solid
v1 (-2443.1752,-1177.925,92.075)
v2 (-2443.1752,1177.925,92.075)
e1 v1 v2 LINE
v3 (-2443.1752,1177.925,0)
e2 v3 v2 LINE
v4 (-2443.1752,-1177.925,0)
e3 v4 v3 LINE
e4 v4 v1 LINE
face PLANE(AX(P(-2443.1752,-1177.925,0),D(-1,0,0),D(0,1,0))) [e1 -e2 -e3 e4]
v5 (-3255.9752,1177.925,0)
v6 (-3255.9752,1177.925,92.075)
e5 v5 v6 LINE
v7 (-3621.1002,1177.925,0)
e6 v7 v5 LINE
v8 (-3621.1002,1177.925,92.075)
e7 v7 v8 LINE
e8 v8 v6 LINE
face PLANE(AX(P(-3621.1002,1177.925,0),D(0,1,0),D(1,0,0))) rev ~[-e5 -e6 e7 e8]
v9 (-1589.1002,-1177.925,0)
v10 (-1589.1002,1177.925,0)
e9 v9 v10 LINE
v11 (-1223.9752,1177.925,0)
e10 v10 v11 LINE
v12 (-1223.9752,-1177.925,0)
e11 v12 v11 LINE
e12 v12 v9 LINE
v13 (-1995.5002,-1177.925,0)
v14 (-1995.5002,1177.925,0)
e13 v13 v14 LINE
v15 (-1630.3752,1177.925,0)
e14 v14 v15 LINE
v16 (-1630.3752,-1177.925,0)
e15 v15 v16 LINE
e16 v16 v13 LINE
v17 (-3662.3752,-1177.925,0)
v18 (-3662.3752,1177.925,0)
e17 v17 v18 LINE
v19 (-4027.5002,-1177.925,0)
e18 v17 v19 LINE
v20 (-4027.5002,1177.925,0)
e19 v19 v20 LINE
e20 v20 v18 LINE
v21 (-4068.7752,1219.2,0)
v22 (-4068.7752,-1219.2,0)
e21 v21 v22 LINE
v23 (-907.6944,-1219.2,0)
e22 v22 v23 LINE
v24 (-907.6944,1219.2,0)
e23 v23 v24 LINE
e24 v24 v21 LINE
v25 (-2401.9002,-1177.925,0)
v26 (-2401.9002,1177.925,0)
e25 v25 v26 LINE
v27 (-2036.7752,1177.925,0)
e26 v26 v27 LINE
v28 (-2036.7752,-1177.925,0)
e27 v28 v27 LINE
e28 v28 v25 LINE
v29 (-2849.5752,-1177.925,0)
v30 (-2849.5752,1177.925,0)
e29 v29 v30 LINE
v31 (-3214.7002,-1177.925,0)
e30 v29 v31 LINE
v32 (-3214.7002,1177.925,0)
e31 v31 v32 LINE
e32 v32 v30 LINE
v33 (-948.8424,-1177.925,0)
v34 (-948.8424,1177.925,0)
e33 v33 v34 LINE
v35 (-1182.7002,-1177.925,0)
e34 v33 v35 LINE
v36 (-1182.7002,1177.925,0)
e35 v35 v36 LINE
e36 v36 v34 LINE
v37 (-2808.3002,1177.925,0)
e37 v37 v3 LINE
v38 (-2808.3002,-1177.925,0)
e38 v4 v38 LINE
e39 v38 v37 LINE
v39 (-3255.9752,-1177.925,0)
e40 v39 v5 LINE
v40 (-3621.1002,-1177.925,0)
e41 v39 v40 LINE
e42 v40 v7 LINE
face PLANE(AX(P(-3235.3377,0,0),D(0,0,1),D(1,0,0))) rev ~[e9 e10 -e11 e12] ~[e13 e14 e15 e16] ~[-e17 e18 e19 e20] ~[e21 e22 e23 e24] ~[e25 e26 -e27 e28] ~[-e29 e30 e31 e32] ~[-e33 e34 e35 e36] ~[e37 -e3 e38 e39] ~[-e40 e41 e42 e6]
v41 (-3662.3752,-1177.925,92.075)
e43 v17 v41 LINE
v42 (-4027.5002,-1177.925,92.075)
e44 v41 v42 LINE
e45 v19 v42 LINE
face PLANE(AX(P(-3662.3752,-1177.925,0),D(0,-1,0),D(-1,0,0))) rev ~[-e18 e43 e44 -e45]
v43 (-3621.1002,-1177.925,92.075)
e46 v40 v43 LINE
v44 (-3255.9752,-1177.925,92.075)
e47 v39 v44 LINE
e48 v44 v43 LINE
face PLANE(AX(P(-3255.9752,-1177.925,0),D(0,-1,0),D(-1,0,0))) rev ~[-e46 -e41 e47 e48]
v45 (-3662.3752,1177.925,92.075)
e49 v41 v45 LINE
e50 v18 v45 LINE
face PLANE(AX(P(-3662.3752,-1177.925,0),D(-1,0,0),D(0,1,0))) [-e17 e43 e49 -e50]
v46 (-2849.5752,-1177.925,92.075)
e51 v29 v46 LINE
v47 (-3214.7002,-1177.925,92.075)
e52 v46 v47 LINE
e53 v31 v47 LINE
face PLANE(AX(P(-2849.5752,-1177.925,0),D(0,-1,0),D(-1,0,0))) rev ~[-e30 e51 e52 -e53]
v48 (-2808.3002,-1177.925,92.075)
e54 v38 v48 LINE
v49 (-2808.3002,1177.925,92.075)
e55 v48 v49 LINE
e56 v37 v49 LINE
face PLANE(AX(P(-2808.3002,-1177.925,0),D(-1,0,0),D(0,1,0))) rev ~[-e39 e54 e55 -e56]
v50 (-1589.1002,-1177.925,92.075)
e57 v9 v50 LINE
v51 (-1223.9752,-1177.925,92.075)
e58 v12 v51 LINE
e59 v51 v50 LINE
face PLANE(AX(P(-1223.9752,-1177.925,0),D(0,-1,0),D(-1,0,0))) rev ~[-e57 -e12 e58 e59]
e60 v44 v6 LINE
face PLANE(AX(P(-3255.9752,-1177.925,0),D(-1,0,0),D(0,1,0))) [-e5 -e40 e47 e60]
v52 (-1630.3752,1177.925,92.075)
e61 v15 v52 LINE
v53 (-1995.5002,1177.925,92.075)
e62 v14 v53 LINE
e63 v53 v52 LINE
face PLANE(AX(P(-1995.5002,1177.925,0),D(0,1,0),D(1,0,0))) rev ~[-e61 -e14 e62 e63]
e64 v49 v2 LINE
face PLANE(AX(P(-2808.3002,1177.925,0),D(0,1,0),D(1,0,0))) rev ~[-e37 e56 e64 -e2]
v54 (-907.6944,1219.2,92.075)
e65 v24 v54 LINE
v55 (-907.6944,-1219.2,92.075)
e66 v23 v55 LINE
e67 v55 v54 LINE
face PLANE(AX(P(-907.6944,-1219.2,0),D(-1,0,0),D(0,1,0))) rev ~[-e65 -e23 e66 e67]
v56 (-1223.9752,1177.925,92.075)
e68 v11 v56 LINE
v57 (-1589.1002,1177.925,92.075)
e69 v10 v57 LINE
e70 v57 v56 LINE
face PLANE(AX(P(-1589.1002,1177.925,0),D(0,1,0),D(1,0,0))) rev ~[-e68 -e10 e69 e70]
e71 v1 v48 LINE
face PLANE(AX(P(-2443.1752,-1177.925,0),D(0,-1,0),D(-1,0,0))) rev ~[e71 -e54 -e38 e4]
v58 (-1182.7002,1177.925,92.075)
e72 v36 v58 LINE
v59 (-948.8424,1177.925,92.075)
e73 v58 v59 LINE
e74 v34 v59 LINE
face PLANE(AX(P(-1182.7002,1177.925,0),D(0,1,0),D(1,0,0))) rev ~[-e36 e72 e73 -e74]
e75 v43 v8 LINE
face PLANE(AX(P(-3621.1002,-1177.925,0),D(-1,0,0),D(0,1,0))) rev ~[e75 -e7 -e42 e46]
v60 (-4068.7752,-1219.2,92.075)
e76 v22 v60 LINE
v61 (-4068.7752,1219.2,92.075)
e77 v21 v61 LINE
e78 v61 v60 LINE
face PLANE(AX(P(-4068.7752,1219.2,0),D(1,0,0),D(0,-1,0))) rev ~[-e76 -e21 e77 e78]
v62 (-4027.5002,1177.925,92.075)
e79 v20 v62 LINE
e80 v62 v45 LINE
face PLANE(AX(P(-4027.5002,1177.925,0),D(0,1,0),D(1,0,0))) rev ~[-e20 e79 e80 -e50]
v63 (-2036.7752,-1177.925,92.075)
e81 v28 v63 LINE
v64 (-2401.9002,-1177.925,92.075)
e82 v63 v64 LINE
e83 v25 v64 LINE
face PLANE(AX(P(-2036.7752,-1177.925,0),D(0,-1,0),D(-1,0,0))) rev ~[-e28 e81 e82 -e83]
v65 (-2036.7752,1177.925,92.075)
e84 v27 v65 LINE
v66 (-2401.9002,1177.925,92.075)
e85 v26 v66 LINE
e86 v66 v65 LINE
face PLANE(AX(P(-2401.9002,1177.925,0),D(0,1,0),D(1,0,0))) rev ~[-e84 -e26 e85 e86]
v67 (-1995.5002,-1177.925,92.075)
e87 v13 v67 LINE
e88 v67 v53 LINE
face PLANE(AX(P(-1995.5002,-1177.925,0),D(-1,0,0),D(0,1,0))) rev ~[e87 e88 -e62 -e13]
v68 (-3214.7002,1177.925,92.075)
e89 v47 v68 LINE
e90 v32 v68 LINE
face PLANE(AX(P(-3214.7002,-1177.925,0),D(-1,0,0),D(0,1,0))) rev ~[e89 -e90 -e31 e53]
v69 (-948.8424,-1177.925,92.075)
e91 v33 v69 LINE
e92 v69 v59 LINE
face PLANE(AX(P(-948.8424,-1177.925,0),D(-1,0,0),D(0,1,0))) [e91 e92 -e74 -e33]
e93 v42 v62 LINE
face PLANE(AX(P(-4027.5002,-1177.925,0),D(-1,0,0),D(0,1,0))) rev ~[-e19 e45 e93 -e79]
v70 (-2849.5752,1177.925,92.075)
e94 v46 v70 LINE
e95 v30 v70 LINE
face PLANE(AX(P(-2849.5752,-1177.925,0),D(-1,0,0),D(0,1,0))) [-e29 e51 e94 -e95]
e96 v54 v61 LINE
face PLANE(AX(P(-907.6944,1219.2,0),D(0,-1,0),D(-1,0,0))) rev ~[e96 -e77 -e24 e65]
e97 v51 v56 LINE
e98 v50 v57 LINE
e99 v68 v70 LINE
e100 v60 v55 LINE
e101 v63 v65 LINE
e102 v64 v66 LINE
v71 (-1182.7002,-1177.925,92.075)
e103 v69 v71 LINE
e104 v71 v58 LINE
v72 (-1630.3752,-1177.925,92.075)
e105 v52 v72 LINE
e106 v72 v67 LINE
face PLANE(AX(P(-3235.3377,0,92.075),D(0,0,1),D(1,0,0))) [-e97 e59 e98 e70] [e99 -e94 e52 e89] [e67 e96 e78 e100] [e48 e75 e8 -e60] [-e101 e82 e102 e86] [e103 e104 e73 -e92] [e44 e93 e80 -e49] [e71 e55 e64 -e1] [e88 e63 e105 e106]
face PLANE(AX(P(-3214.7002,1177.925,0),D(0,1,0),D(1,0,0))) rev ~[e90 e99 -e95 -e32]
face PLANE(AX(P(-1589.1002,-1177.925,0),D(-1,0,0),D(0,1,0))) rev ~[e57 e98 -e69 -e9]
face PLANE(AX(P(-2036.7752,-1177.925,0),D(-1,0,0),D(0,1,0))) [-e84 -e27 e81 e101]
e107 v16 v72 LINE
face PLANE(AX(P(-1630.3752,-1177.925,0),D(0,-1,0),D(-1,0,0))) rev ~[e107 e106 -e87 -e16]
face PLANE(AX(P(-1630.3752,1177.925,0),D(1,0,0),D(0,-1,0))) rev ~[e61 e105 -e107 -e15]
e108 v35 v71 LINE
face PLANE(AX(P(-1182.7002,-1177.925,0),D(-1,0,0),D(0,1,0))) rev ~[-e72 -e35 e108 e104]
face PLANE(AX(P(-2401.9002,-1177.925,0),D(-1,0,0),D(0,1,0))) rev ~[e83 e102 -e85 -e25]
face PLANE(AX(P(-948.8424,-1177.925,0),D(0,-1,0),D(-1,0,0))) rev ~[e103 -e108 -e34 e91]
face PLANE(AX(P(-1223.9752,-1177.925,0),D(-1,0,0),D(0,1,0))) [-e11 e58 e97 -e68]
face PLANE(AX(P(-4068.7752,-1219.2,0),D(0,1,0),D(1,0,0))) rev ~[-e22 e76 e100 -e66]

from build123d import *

# Parameters (mm, degrees)
F0_W     = 41.275
F0_H     = 2355.85
F0_W_2   = 41.148
F0_H_2   = 41.275
F1_DEPTH = 92.075


with BuildPart() as f1:
    # F0 (on Top) → F1 (new body)
    with BuildSketch(Plane.XY):
        with Locations((-3235.3377, 0)):
            Rectangle(F0_W, F0_H)
        with Locations((-2828.9377, 0)):
            Rectangle(F0_W, F0_H)
        with Locations((-2422.5377, 0)):
            Rectangle(F0_W, F0_H)
        with Locations((-2016.1377, 0)):
            Rectangle(F0_W, F0_H)
        with Locations((-1609.7377, 0)):
            Rectangle(F0_W, F0_H)
        with Locations((-1203.3377, 0)):
            Rectangle(F0_W, F0_H)
        with Locations((-928.2684, 0)):
            Rectangle(F0_W_2, F0_H)
        with Locations((-4048.1377, 0)):
            Rectangle(F0_W, F0_H)
        Polygon((-2401.9002, -1219.2), (-1630.3752, -1219.2), (-1630.3752, -1177.925), (-1995.5002, -1177.925), (-2036.7752, -1177.925), (-2401.9002, -1177.925), align=None)
        Polygon((-948.8424, 1177.925), (-948.8424, 1219.2), (-1630.3752, 1219.2), (-1630.3752, 1177.925), (-1589.1002, 1177.925), (-1223.9752, 1177.925), (-1182.7002, 1177.925), align=None)
        Polygon((-3214.7002, 1177.925), (-3214.7002, 1219.2), (-4068.7752, 1219.2), (-4068.7752, 1177.925), (-4027.5002, 1177.925), (-3662.3752, 1177.925), (-3621.1002, 1177.925), (-3255.9752, 1177.925), align=None)
        Polygon((-4068.7752, -1219.2), (-3214.7002, -1219.2), (-3214.7002, -1177.925), (-3255.9752, -1177.925), (-3621.1002, -1177.925), (-3662.3752, -1177.925), (-4027.5002, -1177.925), (-4068.7752, -1177.925), align=None)
        Polygon((-1630.3752, 1177.925), (-1630.3752, 1219.2), (-2401.9002, 1219.2), (-2401.9002, 1177.925), (-2036.7752, 1177.925), (-1995.5002, 1177.925), align=None)
        Polygon((-1630.3752, -1219.2), (-948.8424, -1219.2), (-948.8424, -1177.925), (-1182.7002, -1177.925), (-1223.9752, -1177.925), (-1589.1002, -1177.925), (-1630.3752, -1177.925), align=None)
        Polygon((-3214.7002, -1219.2), (-2401.9002, -1219.2), (-2401.9002, -1177.925), (-2443.1752, -1177.925), (-2808.3002, -1177.925), (-2849.5752, -1177.925), (-3214.7002, -1177.925), align=None)
        Polygon((-2401.9002, 1177.925), (-2401.9002, 1219.2), (-3214.7002, 1219.2), (-3214.7002, 1177.925), (-2849.5752, 1177.925), (-2808.3002, 1177.925), (-2443.1752, 1177.925), align=None)
        with Locations((-3641.7377, 0)):
            Rectangle(F0_W, F0_H)
        with Locations((-928.2684, -1198.5625)):
            Rectangle(F0_W_2, F0_H_2)
        with Locations((-928.2684, 1198.5625)):
            Rectangle(F0_W_2, F0_H_2)
    extrude(amount=F1_DEPTH)


solid = f1.part
